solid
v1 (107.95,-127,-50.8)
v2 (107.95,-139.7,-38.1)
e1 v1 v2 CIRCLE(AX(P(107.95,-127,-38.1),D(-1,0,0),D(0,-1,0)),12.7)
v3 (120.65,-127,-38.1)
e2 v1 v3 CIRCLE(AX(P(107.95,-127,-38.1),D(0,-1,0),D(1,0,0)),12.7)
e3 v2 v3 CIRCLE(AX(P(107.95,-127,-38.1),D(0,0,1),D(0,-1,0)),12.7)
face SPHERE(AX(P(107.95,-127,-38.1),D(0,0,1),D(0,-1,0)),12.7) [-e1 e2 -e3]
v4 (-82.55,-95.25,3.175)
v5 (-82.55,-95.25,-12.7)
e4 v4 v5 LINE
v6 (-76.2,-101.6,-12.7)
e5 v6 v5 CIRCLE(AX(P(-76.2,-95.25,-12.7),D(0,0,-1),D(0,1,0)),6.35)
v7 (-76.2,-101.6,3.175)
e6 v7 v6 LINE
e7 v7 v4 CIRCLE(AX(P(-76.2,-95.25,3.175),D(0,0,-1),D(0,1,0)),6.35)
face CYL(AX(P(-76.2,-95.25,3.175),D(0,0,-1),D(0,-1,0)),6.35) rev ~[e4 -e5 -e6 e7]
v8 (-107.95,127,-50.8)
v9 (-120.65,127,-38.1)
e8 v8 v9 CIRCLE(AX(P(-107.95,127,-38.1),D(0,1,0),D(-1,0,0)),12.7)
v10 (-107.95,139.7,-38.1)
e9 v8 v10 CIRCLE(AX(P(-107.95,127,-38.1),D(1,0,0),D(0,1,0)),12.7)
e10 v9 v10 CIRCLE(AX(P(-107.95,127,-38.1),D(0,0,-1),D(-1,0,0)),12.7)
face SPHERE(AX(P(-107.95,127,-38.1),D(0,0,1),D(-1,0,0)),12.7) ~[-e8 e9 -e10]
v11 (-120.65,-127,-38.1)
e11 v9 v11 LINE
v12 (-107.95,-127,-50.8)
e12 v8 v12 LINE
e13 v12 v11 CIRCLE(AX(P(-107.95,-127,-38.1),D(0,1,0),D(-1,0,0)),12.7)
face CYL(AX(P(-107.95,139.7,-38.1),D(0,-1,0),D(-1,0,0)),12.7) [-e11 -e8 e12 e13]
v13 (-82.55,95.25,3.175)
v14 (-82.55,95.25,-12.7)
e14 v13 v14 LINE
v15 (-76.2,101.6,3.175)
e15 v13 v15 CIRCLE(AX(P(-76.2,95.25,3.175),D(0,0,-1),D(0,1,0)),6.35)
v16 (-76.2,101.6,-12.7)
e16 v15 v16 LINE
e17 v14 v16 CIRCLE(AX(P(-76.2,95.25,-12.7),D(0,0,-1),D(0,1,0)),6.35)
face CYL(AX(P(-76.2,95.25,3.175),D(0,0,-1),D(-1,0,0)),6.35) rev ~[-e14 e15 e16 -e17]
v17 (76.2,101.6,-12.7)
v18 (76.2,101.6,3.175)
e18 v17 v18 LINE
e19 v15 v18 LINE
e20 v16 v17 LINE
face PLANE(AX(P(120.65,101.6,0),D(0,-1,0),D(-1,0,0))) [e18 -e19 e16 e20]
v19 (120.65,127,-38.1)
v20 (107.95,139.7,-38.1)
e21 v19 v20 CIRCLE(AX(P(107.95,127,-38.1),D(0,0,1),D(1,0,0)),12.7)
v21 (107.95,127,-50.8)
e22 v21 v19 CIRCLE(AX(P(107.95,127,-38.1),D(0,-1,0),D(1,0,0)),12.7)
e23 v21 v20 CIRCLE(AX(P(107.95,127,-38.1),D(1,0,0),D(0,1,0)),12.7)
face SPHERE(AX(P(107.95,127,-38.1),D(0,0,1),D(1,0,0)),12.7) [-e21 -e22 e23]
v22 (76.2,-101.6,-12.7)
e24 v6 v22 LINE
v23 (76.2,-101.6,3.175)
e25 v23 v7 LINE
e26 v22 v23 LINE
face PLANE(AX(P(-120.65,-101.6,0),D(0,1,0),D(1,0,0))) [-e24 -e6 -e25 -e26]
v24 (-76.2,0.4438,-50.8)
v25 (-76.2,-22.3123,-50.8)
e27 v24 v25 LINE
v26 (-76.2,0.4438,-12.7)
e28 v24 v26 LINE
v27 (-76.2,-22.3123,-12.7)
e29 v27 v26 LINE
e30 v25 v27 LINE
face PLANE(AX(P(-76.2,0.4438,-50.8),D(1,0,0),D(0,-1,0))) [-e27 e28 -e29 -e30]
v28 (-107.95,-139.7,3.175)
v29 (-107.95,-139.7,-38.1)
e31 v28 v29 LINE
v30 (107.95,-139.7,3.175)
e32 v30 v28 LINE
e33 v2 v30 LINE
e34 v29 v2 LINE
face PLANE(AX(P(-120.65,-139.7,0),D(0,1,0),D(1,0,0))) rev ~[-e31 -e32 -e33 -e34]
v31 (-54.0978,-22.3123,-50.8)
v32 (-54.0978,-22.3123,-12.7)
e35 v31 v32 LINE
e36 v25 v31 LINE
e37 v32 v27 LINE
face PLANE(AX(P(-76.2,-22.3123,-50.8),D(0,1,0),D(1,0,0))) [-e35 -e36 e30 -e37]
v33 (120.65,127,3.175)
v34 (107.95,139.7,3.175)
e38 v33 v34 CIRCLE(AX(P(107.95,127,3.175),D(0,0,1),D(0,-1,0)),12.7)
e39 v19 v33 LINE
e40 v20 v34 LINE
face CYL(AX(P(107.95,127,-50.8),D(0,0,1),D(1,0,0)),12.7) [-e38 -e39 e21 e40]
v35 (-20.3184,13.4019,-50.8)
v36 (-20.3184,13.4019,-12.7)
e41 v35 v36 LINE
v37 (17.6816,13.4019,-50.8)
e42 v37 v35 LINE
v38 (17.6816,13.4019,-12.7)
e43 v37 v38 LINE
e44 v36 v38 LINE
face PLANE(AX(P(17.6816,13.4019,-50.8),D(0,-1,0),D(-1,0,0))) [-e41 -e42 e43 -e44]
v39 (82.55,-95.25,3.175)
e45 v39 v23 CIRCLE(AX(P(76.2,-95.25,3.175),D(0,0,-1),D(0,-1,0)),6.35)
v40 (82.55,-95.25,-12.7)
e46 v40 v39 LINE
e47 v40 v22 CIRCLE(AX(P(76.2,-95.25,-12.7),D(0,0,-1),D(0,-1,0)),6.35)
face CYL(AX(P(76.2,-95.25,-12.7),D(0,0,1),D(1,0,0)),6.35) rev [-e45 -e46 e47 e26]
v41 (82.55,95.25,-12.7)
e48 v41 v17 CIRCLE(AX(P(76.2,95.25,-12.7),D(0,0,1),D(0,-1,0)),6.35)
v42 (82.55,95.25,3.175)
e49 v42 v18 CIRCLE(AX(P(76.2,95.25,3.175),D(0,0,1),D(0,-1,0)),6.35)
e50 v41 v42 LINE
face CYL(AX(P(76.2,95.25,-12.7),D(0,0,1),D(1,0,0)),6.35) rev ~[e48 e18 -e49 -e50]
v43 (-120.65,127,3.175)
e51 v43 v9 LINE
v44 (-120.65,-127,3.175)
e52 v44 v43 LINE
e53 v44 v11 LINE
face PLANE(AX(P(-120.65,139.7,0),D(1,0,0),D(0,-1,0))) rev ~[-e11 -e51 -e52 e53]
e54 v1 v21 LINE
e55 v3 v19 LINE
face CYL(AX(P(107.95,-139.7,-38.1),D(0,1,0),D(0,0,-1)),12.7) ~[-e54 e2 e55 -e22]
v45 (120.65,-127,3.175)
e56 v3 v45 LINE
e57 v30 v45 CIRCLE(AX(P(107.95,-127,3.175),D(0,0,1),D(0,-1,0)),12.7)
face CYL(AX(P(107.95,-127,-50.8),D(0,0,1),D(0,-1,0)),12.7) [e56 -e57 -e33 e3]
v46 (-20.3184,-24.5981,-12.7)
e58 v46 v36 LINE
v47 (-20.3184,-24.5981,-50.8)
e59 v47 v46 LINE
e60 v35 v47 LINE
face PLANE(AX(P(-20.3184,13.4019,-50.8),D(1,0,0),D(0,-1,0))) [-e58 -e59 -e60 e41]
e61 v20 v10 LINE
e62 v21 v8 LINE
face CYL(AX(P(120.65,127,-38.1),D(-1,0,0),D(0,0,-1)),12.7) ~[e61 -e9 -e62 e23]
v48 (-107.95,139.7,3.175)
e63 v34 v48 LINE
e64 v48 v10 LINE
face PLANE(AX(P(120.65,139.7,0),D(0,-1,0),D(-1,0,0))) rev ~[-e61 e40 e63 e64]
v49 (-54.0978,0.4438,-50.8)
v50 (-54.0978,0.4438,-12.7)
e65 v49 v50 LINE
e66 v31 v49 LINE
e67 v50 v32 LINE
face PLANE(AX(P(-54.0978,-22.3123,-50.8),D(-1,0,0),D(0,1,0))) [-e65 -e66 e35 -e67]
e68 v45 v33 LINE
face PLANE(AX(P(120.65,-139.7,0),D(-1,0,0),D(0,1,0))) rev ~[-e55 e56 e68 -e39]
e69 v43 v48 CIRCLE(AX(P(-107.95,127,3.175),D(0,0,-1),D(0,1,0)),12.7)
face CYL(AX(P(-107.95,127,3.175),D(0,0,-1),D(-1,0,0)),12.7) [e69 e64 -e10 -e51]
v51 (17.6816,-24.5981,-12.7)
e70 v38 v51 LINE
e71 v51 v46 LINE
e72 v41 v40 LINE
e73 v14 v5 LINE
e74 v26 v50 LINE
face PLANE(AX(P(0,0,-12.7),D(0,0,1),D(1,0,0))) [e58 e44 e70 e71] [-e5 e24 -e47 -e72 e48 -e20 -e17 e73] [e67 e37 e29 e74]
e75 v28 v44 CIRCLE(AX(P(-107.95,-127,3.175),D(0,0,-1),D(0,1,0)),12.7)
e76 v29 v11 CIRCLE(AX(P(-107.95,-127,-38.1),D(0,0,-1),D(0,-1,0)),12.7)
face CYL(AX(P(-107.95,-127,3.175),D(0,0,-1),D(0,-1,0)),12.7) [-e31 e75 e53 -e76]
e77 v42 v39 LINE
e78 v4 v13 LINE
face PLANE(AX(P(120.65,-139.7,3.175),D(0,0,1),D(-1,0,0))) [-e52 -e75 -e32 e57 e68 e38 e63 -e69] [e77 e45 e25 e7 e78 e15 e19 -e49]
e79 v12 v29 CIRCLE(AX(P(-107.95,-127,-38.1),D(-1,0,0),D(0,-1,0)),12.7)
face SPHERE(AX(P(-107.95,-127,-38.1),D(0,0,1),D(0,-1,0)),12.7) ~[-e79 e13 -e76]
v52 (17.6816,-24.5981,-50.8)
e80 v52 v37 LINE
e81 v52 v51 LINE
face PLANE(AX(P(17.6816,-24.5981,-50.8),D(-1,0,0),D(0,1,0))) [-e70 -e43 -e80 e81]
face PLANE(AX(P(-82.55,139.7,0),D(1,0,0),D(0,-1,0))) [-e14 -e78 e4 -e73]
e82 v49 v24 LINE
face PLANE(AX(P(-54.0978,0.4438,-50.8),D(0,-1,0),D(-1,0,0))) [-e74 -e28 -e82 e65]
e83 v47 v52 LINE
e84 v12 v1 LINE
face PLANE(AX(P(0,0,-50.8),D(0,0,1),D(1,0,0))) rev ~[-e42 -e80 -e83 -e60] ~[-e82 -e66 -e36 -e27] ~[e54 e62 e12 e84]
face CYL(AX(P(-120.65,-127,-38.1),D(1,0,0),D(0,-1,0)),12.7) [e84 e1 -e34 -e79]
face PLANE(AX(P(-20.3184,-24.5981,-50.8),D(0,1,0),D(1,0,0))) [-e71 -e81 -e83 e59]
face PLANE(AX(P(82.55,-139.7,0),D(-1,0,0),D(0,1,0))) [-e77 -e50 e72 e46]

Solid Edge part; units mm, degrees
sketch "Sketch1" plane through (0, 0, 0) normal (0, 0, 1) x (1, 0, 0)
  line L0 (-120.65, -139.7) -> (120.65, -139.7)
  line L1 (120.65, -139.7) -> (120.65, 139.7)
  line L2 (120.65, 139.7) -> (-120.65, 139.7)
  line L3 (-120.65, 139.7) -> (-120.65, -139.7)
extrude "Protrusion1" add sketch "Sketch1" along normal mid plane 101.6
sketch "Sketch2" plane through (0, -139.7, 0) normal (0, -1, 0) x (1, 0, 0)
  line L0 (-120.65, 50.8) -> (120.65, 50.8)
  line L1 (120.65, 50.8) -> (120.65, 3.175)
  line L2 (120.65, 3.175) -> (-120.65, 3.175)
  line L3 (-120.65, 3.175) -> (-120.65, 50.8)
extrude "Cutout1" cut sketch "Sketch2" against normal up to vertex (279.4 mm away)
shell "Thinwall_1" thickness 38.1 removed faces 1 at (82.8463, 90.3393, 3.175)
fillet "Round_1" radius 12.7 8 edges at (120.65, 139.7, -23.8125) (120.65, -139.7, -23.8125) (-120.65, -139.7, -23.8125) (-120.65, 139.7, -23.8125) (0, -139.7, -50.8) (-120.65, 0, -50.8) (120.65, 0, -50.8) (0, 139.7, -50.8)
fillet "Round_2" radius 6.35 4 edges at (-82.55, 101.6, -4.7625) (82.55, 101.6, -4.7625) (82.55, -101.6, -4.7625) (-82.55, -101.6, -4.7625)
sketch "Sketch3" plane through (0, 0, -50.8) normal (0, 0, -1) x (-1, 0, 0)
  line L0 (54.0978, 0.4438) -> (76.2, 0.4438)
  line L1 (76.2, 0.4438) -> (76.2, -22.3123)
  line L2 (76.2, -22.3123) -> (54.0978, -22.3123)
  line L3 (54.0978, -22.3123) -> (54.0978, 0.4438)
extrude "ExtrudedCutout_6" cut sketch "Sketch3" against normal blind 98.1987
sketch "Sketch4" plane through (0, 0, -50.8) normal (0, 0, -1) x (0, -1, 0)
  line L0 (24.5981, 20.3184) -> (24.5981, -17.6816)
  line L1 (24.5981, -17.6816) -> (-13.4019, -17.6816)
  line L2 (-13.4019, -17.6816) -> (-13.4019, 20.3184)
  line L3 (-13.4019, 20.3184) -> (24.5981, 20.3184)
extrude "ExtrudedCutout_7" cut sketch "Sketch4" against normal blind 83.9753
